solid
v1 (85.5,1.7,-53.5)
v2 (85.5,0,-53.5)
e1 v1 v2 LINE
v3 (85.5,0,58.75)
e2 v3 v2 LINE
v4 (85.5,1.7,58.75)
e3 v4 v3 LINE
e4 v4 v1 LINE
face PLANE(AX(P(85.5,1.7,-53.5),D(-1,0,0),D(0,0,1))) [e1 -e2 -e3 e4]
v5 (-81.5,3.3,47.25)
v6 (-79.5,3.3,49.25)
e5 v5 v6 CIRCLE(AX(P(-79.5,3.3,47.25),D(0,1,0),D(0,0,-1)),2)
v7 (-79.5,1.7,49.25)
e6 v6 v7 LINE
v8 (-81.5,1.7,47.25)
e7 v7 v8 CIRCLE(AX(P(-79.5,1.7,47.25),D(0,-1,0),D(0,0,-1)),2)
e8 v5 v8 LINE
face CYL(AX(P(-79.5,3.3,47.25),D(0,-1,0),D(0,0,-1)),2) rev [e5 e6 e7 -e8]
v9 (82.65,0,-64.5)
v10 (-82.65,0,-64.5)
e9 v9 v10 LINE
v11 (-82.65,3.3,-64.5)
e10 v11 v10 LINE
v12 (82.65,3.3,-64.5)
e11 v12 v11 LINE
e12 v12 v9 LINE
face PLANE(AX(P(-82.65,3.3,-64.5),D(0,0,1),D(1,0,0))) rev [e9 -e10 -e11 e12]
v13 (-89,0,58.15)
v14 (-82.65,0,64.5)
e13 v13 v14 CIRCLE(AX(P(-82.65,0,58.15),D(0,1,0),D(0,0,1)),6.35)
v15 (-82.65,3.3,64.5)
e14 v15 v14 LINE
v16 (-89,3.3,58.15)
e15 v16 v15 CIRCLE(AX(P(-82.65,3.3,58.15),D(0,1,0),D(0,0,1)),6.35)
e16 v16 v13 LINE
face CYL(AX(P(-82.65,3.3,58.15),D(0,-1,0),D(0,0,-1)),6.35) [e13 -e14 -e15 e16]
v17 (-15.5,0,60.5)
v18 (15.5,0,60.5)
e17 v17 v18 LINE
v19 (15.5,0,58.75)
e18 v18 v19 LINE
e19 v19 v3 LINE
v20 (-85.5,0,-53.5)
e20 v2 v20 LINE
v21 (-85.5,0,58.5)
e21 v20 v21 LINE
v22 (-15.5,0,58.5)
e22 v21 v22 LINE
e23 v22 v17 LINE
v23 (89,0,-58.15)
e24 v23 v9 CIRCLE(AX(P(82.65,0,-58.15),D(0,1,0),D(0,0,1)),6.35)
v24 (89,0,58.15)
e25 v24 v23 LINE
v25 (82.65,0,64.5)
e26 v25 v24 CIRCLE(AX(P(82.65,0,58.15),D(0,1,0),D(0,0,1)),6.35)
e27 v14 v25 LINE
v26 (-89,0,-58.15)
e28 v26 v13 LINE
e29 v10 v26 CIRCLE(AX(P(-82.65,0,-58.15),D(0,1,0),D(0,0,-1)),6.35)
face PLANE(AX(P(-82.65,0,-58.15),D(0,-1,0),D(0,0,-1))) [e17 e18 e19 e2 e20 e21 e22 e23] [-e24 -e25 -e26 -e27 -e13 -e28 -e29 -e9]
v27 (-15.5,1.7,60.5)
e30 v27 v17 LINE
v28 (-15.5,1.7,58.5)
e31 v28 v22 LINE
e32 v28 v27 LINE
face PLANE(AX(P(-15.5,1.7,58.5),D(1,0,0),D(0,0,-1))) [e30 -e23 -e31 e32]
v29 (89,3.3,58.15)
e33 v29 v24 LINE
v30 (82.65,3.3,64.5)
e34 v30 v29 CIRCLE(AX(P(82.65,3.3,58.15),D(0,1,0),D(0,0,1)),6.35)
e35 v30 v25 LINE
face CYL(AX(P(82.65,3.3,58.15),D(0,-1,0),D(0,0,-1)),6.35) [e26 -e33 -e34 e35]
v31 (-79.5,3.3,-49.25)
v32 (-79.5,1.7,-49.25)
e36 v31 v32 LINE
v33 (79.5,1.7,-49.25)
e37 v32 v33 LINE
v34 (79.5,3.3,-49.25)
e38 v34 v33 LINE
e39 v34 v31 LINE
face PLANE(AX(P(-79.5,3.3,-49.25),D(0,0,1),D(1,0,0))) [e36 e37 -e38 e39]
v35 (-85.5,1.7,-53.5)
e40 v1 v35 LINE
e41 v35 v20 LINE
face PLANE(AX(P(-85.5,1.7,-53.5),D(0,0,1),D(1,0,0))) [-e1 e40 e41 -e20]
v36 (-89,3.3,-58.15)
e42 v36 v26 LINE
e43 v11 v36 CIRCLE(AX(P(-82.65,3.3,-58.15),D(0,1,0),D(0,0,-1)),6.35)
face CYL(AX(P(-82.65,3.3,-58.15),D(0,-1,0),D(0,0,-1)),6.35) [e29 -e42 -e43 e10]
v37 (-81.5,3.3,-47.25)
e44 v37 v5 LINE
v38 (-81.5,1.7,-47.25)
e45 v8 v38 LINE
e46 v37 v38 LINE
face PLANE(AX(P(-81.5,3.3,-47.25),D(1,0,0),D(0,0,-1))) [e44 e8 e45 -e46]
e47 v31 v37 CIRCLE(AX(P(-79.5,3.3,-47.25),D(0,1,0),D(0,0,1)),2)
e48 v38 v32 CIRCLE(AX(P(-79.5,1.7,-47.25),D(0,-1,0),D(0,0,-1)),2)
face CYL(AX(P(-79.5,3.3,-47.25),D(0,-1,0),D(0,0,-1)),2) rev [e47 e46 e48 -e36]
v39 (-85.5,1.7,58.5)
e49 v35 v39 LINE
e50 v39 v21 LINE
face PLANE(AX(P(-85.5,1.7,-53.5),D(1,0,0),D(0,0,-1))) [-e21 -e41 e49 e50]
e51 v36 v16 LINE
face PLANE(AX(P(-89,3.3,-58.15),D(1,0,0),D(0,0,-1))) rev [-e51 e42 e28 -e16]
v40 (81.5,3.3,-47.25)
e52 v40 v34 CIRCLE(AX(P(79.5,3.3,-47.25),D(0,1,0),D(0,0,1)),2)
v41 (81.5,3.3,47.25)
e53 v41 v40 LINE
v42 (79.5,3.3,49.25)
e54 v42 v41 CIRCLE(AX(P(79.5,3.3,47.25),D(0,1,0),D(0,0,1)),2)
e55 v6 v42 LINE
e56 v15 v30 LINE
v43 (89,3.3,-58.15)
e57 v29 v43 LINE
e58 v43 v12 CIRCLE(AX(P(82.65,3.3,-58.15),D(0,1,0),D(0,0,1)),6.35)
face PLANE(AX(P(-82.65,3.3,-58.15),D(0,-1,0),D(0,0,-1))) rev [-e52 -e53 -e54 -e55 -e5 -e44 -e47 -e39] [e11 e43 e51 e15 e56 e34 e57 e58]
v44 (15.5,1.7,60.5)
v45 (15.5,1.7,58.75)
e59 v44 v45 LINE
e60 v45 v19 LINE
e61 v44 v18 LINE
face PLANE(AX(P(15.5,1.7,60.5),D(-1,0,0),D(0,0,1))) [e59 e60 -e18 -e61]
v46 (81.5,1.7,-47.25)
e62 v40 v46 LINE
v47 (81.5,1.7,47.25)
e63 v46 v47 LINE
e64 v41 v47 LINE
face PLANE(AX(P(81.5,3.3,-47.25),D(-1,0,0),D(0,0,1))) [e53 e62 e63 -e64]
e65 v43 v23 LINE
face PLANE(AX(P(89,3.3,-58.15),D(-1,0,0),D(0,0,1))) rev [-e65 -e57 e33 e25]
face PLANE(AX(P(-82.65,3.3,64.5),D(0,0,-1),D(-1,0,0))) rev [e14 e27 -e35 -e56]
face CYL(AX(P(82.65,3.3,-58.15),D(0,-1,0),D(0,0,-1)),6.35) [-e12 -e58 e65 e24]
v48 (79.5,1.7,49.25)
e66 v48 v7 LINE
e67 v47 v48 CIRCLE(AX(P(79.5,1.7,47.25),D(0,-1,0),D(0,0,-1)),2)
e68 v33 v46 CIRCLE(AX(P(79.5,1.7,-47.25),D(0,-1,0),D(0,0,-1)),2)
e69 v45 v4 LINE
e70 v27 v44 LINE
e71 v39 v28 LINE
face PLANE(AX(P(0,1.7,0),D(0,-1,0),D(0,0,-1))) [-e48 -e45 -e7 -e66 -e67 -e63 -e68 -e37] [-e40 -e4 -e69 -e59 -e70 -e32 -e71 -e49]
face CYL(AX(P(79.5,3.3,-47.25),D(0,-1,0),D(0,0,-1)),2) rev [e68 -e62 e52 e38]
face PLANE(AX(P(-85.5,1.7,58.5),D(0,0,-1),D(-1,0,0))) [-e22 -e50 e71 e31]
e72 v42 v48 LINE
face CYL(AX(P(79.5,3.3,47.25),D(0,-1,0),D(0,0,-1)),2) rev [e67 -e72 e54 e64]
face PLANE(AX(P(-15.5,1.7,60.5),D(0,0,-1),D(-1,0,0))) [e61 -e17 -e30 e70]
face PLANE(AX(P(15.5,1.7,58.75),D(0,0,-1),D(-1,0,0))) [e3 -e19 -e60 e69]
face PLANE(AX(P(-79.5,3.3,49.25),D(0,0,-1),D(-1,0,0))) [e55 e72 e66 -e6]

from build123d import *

# Parameters (mm, degrees)
OUTSIDE_EXTRUDE_DEPTH = 3.3
CUT_EXTRUDE4_DEPTH    = 1.7


with BuildPart() as part:
    # Sketch1 → Outside-extrude (new body)
    with BuildSketch(Plane(origin=(0, 0, 0), x_dir=(1, 0, 0), z_dir=(0, 1, 0))):
        with BuildLine():
            Line((-82.65, 64.5), (82.65, 64.5))
            ThreePointArc((82.65, 64.5), (87.140128061, 62.640128061), (89, 58.15))
            Line((89, 58.15), (89, -58.15))
            ThreePointArc((89, -58.15), (87.140128061, -62.640128061), (82.65, -64.5))
            Line((82.65, -64.5), (-82.65, -64.5))
            ThreePointArc((-82.65, -64.5), (-87.140128061, -62.640128061), (-89, -58.15))
            Line((-89, -58.15), (-89, 58.15))
            ThreePointArc((-89, 58.15), (-87.140128061, 62.640128061), (-82.65, 64.5))
        make_face()
        with BuildLine():
            Line((-79.5, 49.25), (79.5, 49.25))
            ThreePointArc((79.5, 49.25), (80.914213562, 48.664213562), (81.5, 47.25))
            Line((81.5, 47.25), (81.5, -47.25))
            ThreePointArc((81.5, -47.25), (80.914213562, -48.664213562), (79.5, -49.25))
            Line((79.5, -49.25), (-79.5, -49.25))
            ThreePointArc((-79.5, -49.25), (-80.914213562, -48.664213562), (-81.5, -47.25))
            Line((-81.5, -47.25), (-81.5, 47.25))
            ThreePointArc((-81.5, 47.25), (-80.914213562, 48.664213562), (-79.5, 49.25))
        make_face(mode=Mode.SUBTRACT)
    extrude(amount=OUTSIDE_EXTRUDE_DEPTH)

    # Sketch2 → Cut-Extrude4 (cut)
    with BuildSketch(Plane(origin=(0, 0, 0), x_dir=(1, 0, 0), z_dir=(0, 1, 0))):
        Polygon((-15.5, -58.5), (-15.5, -60.5), (15.5, -60.5), (15.5, -58.75), (85.5, -58.75), (85.5, 53.5), (-85.5, 53.5), (-85.5, -58.5), align=None)
    extrude(amount=CUT_EXTRUDE4_DEPTH, mode=Mode.SUBTRACT)


solid = part.part
